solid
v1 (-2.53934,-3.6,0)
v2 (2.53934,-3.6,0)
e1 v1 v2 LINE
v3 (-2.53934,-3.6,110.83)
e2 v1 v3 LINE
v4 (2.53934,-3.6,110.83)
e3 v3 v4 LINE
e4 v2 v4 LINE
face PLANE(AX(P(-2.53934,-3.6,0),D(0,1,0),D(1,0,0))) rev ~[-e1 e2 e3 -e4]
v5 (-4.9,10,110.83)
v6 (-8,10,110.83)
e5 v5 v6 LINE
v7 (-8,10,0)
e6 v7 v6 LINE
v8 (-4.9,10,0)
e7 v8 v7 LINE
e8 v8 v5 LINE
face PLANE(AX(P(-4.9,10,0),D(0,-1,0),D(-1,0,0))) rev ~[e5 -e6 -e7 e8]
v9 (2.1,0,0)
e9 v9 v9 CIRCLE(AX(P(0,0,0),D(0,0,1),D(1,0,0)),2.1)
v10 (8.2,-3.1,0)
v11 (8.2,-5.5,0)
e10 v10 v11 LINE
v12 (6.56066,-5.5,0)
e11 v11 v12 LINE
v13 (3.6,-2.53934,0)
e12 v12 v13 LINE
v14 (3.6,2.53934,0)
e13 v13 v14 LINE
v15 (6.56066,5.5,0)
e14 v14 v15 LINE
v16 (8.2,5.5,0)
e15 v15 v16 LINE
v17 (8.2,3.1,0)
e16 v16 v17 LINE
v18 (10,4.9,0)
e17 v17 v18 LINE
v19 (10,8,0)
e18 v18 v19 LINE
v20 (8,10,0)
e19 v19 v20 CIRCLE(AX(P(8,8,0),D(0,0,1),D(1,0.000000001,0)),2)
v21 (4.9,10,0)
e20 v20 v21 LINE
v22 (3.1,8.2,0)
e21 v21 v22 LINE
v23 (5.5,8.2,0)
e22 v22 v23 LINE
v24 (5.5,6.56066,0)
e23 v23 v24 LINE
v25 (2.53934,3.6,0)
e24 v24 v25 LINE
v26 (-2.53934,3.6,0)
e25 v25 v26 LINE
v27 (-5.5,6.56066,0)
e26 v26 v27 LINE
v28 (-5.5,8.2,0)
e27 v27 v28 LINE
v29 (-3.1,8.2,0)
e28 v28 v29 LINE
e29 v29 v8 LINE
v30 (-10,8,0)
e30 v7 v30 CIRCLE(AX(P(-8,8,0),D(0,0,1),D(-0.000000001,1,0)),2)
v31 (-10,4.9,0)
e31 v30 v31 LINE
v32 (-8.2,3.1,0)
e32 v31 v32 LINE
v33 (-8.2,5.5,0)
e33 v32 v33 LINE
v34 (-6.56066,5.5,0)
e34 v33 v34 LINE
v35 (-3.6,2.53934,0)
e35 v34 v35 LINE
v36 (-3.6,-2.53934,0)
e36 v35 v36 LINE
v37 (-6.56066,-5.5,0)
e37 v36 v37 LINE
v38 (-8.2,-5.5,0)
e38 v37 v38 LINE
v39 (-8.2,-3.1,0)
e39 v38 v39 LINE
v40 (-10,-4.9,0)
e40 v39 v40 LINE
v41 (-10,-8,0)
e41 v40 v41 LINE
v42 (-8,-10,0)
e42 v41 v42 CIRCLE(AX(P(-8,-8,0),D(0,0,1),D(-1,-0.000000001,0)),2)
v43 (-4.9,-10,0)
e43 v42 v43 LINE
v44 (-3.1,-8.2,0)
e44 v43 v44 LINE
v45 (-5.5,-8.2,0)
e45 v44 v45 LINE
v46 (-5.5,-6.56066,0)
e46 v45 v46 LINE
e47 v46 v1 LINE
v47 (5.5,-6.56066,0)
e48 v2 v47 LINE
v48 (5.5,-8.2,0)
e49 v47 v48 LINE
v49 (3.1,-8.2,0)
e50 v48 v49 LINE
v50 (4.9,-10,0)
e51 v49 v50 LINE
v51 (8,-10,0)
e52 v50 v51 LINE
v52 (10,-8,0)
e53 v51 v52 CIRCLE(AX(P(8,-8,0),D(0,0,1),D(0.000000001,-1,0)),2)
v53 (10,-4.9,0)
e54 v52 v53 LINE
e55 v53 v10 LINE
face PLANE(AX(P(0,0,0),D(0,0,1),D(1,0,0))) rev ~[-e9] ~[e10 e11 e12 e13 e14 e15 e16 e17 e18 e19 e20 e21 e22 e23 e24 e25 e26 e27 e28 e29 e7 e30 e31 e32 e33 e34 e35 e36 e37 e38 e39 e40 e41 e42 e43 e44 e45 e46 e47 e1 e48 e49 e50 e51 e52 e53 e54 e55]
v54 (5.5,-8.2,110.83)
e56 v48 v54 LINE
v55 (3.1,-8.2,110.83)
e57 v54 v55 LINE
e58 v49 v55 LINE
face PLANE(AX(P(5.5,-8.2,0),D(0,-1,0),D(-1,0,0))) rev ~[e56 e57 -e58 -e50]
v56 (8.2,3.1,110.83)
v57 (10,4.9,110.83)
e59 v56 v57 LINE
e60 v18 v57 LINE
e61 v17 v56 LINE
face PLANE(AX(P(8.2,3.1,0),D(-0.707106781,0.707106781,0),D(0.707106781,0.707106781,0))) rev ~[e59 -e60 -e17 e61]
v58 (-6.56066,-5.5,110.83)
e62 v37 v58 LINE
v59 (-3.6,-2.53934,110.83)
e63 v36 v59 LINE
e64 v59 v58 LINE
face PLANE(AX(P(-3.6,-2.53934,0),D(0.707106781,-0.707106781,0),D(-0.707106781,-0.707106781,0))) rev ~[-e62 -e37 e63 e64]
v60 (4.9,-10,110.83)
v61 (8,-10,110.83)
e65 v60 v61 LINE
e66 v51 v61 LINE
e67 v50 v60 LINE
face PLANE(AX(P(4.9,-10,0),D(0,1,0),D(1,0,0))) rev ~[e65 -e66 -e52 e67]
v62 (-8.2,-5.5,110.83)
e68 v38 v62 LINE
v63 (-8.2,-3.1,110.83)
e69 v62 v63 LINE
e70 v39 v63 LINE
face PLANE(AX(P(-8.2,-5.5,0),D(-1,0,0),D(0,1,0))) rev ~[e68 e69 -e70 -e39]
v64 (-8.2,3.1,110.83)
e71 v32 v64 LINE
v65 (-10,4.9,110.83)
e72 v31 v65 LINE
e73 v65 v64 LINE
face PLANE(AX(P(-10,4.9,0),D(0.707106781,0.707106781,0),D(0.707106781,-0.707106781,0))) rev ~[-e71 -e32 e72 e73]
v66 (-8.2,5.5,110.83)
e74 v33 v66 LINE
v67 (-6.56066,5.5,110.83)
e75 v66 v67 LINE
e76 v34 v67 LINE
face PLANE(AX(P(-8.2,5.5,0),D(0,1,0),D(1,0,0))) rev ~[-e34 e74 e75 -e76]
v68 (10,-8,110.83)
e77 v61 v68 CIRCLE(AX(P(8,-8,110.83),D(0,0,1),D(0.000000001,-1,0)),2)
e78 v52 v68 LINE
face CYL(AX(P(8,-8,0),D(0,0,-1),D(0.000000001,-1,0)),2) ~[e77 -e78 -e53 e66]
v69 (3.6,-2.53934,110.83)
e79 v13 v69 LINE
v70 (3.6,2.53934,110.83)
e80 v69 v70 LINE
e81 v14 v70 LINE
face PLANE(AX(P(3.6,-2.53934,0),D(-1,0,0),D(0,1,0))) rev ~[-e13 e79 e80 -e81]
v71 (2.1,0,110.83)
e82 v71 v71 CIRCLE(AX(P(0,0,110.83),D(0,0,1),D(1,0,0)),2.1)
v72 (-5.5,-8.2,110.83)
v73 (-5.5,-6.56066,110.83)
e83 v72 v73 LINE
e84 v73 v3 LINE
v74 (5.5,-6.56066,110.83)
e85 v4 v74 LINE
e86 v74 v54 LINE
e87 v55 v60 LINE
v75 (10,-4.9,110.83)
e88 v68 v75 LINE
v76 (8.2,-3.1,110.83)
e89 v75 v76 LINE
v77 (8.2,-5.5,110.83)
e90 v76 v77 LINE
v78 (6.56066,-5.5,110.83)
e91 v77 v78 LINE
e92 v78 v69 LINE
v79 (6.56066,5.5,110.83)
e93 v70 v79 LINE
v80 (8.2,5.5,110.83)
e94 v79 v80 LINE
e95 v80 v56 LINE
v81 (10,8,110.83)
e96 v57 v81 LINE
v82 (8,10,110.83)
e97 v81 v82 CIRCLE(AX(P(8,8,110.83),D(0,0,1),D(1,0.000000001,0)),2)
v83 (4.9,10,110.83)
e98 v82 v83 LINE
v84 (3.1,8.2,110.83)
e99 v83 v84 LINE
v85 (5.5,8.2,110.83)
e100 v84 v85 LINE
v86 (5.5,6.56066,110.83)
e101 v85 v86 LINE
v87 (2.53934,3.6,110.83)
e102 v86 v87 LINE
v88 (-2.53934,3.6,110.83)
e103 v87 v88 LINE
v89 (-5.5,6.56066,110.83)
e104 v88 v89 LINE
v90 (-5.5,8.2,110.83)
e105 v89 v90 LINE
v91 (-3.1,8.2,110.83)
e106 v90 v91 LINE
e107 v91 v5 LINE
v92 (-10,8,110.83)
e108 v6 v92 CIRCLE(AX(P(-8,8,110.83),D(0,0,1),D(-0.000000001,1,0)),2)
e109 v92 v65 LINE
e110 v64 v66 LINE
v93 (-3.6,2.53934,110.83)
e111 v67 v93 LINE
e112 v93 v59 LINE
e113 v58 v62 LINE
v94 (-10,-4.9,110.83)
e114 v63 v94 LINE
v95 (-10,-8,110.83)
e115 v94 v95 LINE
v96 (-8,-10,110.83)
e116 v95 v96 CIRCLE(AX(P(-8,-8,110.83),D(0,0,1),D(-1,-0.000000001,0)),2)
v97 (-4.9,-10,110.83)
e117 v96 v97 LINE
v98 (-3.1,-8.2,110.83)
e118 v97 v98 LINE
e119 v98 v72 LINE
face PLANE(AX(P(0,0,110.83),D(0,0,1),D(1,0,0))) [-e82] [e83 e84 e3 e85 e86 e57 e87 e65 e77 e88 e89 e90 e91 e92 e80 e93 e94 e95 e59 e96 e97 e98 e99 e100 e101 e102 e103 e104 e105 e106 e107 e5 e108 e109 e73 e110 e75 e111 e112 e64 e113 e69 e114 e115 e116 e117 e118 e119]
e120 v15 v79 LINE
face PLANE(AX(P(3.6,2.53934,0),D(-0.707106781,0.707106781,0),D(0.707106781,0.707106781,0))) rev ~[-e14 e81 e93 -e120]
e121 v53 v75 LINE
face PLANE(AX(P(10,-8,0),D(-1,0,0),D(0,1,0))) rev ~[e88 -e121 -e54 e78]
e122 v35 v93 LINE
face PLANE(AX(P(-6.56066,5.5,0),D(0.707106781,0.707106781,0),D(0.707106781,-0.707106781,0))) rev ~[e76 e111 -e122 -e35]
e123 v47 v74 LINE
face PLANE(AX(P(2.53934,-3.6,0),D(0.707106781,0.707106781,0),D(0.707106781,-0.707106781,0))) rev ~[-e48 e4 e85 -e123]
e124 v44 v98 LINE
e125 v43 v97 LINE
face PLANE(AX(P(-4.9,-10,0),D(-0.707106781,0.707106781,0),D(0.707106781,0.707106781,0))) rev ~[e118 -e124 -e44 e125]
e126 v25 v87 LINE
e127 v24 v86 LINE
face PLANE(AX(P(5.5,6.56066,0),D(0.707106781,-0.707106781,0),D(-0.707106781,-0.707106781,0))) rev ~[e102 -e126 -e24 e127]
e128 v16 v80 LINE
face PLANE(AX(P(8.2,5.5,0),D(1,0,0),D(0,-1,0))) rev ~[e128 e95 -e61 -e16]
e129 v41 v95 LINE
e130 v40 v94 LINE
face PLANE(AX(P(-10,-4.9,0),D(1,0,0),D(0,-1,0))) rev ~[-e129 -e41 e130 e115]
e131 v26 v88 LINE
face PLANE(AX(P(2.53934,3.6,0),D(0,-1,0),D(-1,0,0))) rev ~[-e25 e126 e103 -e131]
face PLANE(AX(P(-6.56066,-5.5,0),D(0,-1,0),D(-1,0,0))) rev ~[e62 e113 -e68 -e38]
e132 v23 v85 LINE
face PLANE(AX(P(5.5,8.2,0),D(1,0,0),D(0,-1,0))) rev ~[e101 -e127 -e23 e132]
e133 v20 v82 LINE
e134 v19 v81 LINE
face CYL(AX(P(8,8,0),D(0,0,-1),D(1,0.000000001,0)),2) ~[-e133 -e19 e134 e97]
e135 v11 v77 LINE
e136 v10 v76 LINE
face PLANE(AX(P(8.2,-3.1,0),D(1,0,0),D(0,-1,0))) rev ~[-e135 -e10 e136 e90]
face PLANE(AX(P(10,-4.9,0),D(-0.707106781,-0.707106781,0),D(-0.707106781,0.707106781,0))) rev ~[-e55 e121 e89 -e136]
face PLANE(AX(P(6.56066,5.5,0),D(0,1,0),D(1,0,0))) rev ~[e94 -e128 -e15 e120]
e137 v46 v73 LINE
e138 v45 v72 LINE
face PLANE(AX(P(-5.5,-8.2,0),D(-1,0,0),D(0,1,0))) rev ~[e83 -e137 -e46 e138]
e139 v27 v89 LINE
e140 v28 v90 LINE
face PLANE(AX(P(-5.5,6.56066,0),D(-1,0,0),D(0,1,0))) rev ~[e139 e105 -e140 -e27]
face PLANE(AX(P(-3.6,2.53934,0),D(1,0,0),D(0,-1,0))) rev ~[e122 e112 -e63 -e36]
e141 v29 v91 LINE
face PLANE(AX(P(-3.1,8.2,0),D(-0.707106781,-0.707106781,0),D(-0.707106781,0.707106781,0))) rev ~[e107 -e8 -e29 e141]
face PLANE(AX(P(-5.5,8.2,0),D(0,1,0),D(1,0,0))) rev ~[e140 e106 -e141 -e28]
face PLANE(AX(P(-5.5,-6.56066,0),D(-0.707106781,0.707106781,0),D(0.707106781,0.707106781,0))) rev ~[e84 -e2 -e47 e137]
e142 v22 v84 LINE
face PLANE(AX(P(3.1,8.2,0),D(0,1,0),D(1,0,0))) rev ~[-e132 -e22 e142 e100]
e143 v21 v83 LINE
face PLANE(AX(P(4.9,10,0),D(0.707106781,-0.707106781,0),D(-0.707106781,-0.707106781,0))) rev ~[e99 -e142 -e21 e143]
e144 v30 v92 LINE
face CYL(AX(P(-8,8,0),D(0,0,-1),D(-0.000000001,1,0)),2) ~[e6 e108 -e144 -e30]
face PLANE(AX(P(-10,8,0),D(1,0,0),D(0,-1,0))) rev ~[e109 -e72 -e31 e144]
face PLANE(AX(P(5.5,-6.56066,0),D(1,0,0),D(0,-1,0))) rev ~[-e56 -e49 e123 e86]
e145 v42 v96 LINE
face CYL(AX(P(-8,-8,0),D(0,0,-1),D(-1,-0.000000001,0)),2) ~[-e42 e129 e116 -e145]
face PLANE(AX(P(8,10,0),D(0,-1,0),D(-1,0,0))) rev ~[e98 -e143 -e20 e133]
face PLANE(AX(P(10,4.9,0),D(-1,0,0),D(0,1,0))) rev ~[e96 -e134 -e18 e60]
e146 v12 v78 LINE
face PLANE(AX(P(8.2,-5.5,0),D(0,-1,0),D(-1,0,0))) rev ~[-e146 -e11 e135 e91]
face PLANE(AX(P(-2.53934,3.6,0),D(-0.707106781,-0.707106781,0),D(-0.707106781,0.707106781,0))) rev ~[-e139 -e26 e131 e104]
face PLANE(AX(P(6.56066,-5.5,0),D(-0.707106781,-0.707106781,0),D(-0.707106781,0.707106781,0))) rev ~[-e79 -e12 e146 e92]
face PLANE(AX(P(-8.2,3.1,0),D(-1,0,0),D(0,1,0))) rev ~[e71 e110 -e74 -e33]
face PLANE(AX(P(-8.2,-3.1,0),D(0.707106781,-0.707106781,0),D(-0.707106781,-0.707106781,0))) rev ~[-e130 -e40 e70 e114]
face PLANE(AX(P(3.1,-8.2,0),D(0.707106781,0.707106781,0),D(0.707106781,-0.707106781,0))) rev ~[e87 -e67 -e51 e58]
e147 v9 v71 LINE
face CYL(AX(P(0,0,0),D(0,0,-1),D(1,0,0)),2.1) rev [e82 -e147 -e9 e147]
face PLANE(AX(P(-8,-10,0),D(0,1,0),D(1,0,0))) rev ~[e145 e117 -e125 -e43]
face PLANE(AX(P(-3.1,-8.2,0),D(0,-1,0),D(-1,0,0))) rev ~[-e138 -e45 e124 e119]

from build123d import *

# Parameters (mm, degrees)
SKETCH1_R           = 2.1
BOSS_EXTRUDE1_DEPTH = 110.83


with BuildPart() as part:
    # Sketch1 → Boss-Extrude1 (new body)
    with BuildSketch(Plane.XY):
        with BuildLine():
            Line((-4.9, -10), (-3.1, -8.2))
            Line((-3.1, -8.2), (-5.5, -8.2))
            Line((-5.5, -8.2), (-5.5, -6.560660172))
            Line((-5.5, -6.560660172), (-2.539339828, -3.6))
            Line((-2.539339828, -3.6), (2.539339828, -3.6))
            Line((2.539339828, -3.6), (5.5, -6.560660172))
            Line((5.5, -6.560660172), (5.5, -8.2))
            Line((5.5, -8.2), (3.1, -8.2))
            Line((3.1, -8.2), (4.9, -10))
            Line((4.9, -10), (8, -10))
            ThreePointArc((8, -10), (9.414213562, -9.414213562), (10, -8))
            Line((10, -8), (10, -4.9))
            Line((10, -4.9), (8.2, -3.1))
            Line((8.2, -3.1), (8.2, -5.5))
            Line((8.2, -5.5), (6.560660172, -5.5))
            Line((6.560660172, -5.5), (3.6, -2.539339828))
            Line((3.6, -2.539339828), (3.6, 2.539339828))
            Line((3.6, 2.539339828), (6.560660172, 5.5))
            Line((6.560660172, 5.5), (8.2, 5.5))
            Line((8.2, 5.5), (8.2, 3.1))
            Line((8.2, 3.1), (10, 4.9))
            Line((10, 4.9), (10, 8))
            ThreePointArc((10, 8), (9.414213562, 9.414213562), (8, 10))
            Line((8, 10), (4.9, 10))
            Line((4.9, 10), (3.1, 8.2))
            Line((3.1, 8.2), (5.5, 8.2))
            Line((5.5, 8.2), (5.5, 6.560660172))
            Line((5.5, 6.560660172), (2.539339828, 3.6))
            Line((2.539339828, 3.6), (-2.539339828, 3.6))
            Line((-2.539339828, 3.6), (-5.5, 6.560660172))
            Line((-5.5, 6.560660172), (-5.5, 8.2))
            Line((-5.5, 8.2), (-3.1, 8.2))
            Line((-3.1, 8.2), (-4.9, 10))
            Line((-4.9, 10), (-8, 10))
            ThreePointArc((-8, 10), (-9.414213562, 9.414213562), (-10, 8))
            Line((-10, 8), (-10, 4.9))
            Line((-10, 4.9), (-8.2, 3.1))
            Line((-8.2, 3.1), (-8.2, 5.5))
            Line((-8.2, 5.5), (-6.560660172, 5.5))
            Line((-6.560660172, 5.5), (-3.6, 2.539339828))
            Line((-3.6, 2.539339828), (-3.6, -2.539339828))
            Line((-3.6, -2.539339828), (-6.560660172, -5.5))
            Line((-6.560660172, -5.5), (-8.2, -5.5))
            Line((-8.2, -5.5), (-8.2, -3.1))
            Line((-8.2, -3.1), (-10, -4.9))
            Line((-10, -4.9), (-10, -8))
            ThreePointArc((-10, -8), (-9.414213562, -9.414213562), (-8, -10))
            Line((-8, -10), (-4.9, -10))
        make_face()
        Circle(SKETCH1_R, mode=Mode.SUBTRACT)
    extrude(amount=BOSS_EXTRUDE1_DEPTH)


solid = part.part
